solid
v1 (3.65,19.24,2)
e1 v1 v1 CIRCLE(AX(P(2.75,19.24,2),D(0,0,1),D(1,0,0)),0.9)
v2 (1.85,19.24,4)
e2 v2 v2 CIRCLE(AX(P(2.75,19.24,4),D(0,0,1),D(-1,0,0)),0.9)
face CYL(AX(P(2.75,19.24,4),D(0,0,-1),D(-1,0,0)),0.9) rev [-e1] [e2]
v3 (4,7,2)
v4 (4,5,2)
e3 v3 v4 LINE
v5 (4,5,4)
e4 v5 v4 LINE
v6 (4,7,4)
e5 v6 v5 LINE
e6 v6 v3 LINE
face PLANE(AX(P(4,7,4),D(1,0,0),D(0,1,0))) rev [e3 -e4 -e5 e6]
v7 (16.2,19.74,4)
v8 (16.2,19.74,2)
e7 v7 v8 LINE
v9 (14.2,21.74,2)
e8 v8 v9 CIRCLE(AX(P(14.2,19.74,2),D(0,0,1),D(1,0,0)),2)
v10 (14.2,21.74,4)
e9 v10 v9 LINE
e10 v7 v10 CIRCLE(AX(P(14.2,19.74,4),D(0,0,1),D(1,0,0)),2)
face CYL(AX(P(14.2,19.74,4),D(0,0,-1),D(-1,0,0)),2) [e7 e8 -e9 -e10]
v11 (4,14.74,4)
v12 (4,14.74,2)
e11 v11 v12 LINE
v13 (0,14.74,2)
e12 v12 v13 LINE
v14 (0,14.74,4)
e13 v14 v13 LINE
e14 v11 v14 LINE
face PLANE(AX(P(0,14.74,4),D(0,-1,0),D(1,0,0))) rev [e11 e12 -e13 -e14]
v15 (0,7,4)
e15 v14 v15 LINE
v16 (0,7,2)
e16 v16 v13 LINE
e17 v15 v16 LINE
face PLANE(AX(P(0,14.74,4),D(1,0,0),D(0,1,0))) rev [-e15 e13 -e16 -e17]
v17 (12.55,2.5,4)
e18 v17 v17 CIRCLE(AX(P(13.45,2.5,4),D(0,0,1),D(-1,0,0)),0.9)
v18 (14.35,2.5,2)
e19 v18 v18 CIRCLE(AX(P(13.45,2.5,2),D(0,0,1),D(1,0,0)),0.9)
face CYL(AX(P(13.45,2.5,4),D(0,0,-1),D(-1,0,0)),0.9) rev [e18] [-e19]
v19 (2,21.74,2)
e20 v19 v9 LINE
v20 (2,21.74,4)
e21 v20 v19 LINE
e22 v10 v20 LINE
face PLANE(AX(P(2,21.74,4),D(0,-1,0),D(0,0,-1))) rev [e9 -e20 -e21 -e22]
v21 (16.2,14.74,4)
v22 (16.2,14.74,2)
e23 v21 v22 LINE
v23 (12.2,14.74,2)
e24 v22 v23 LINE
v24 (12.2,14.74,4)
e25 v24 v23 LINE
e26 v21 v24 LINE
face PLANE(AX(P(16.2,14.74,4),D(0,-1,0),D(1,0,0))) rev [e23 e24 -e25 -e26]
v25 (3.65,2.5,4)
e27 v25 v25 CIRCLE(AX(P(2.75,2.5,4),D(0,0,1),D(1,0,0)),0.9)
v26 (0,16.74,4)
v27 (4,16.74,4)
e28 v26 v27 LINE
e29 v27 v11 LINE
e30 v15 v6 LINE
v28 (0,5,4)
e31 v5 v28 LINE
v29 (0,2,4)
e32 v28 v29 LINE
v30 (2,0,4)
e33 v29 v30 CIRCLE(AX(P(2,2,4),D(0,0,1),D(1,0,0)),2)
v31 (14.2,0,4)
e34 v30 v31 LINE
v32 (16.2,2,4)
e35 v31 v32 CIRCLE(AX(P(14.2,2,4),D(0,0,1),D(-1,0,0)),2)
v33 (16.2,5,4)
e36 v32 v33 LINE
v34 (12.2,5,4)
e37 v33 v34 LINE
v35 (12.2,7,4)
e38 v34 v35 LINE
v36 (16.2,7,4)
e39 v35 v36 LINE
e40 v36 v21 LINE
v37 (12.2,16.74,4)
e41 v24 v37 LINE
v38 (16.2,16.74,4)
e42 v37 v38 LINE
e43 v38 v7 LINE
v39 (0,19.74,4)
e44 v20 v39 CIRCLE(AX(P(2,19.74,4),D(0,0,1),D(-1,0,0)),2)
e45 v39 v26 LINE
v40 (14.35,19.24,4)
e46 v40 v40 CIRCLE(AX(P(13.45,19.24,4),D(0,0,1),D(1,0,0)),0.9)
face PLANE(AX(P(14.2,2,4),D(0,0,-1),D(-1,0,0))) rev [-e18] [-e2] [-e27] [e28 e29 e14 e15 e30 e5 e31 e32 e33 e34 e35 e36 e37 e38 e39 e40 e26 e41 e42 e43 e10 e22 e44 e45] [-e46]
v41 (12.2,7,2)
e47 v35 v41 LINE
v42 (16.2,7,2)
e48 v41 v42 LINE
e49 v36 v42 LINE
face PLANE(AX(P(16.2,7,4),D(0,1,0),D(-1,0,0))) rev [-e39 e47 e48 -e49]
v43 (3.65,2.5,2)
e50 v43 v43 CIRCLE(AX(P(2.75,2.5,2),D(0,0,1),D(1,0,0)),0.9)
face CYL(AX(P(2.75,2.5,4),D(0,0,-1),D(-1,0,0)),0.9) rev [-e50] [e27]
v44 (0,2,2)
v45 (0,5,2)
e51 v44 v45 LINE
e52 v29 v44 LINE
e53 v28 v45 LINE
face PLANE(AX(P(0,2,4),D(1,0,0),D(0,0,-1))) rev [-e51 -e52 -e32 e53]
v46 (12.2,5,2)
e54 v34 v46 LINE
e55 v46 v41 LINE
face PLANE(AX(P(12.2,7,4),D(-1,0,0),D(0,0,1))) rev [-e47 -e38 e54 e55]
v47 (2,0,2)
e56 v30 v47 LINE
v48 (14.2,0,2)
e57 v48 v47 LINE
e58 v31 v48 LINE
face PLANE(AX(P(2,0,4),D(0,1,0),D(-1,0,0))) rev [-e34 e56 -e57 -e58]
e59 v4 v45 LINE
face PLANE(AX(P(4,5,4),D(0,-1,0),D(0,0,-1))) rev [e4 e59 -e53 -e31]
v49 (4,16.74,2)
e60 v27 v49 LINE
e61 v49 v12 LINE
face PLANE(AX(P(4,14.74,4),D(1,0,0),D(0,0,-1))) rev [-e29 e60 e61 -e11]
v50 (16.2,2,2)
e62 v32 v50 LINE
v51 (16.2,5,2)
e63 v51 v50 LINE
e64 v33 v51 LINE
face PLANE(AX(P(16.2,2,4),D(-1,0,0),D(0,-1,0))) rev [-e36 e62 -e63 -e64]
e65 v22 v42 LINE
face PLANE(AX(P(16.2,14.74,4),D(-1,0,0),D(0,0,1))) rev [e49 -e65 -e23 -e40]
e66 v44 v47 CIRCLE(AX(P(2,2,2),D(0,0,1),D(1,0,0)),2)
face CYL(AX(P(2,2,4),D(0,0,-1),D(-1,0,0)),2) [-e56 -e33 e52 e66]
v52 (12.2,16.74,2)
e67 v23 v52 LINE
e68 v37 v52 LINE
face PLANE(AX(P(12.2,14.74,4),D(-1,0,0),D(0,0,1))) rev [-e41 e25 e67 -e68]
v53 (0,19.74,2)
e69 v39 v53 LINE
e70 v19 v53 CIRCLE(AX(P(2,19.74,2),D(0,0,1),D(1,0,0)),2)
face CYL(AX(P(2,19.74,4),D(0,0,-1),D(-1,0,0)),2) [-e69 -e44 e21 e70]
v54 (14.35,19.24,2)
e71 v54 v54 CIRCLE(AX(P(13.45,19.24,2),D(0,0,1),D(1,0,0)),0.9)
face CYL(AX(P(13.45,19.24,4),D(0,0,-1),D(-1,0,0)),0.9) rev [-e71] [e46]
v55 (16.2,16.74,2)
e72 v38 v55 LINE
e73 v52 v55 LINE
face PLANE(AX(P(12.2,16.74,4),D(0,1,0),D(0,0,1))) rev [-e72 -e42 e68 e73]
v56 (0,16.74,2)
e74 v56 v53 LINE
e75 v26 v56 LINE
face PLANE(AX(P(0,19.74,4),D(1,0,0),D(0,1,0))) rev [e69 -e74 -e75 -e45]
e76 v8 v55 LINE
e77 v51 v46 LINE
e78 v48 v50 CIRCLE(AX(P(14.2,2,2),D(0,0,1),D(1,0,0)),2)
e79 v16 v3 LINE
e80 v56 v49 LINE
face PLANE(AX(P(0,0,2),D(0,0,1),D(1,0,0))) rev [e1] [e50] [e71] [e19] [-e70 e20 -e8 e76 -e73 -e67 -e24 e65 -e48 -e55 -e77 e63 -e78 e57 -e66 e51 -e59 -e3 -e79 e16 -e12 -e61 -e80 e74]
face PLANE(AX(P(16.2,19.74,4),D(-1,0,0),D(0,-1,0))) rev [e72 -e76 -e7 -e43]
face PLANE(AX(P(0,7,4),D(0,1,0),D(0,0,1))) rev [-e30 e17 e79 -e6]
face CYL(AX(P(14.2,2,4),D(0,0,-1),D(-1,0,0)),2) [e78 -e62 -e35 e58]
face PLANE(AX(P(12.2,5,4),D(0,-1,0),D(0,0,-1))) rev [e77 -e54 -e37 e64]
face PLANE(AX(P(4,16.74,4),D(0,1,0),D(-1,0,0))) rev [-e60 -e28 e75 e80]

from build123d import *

# Parameters (mm, degrees)
SKETCH1_R           = 0.9
BOSS_EXTRUDE1_DEPTH = 4
SKETCH2_W           = 16.2
SKETCH2_H           = 21.74
CUT_EXTRUDE1_DEPTH  = 2


with BuildPart() as part:
    # Sketch1 → Boss-Extrude1 (new body)
    with BuildSketch(Plane.XY):
        with BuildLine():
            Line((0, 14.74), (0, 7))
            Line((0, 7), (4, 7))
            Line((4, 7), (4, 5))
            Line((4, 5), (0, 5))
            Line((0, 5), (0, 2))
            ThreePointArc((0, 2), (0.585786438, 0.585786438), (2, 0))
            Line((2, 0), (14.2, 0))
            ThreePointArc((14.2, 0), (15.614213562, 0.585786438), (16.2, 2))
            Line((16.2, 2), (16.2, 5))
            Line((16.2, 5), (12.2, 5))
            Line((12.2, 5), (12.2, 7))
            Line((12.2, 7), (16.2, 7))
            Line((16.2, 7), (16.2, 14.74))
            Line((16.2, 14.74), (12.2, 14.74))
            Line((12.2, 14.74), (12.2, 16.74))
            Line((12.2, 16.74), (16.2, 16.74))
            Line((16.2, 16.74), (16.2, 19.74))
            ThreePointArc((16.2, 19.74), (15.614213562, 21.154213562), (14.2, 21.74))
            Line((14.2, 21.74), (2, 21.74))
            ThreePointArc((2, 21.74), (0.585786438, 21.154213562), (0, 19.74))
            Line((0, 19.74), (0, 16.74))
            Line((0, 16.74), (4, 16.74))
            Line((4, 16.74), (4, 14.74))
            Line((4, 14.74), (0, 14.74))
        make_face()
        with Locations((13.45, 2.5)):
            Circle(SKETCH1_R, mode=Mode.SUBTRACT)
        with Locations((2.75, 19.24)):
            Circle(SKETCH1_R, mode=Mode.SUBTRACT)
        with Locations((2.75, 2.5)):
            Circle(SKETCH1_R, mode=Mode.SUBTRACT)
        with Locations((13.45, 19.24)):
            Circle(SKETCH1_R, mode=Mode.SUBTRACT)
    extrude(amount=BOSS_EXTRUDE1_DEPTH)

    # Sketch2 → Cut-Extrude1 (cut)
    with BuildSketch(Plane(origin=(0, 0, 0), x_dir=(-1, 0, 0), z_dir=(0, 0, -1))):
        with Locations((-8.1, 10.87)):
            Rectangle(SKETCH2_W, SKETCH2_H)
    extrude(amount=-CUT_EXTRUDE1_DEPTH, mode=Mode.SUBTRACT)


solid = part.part
